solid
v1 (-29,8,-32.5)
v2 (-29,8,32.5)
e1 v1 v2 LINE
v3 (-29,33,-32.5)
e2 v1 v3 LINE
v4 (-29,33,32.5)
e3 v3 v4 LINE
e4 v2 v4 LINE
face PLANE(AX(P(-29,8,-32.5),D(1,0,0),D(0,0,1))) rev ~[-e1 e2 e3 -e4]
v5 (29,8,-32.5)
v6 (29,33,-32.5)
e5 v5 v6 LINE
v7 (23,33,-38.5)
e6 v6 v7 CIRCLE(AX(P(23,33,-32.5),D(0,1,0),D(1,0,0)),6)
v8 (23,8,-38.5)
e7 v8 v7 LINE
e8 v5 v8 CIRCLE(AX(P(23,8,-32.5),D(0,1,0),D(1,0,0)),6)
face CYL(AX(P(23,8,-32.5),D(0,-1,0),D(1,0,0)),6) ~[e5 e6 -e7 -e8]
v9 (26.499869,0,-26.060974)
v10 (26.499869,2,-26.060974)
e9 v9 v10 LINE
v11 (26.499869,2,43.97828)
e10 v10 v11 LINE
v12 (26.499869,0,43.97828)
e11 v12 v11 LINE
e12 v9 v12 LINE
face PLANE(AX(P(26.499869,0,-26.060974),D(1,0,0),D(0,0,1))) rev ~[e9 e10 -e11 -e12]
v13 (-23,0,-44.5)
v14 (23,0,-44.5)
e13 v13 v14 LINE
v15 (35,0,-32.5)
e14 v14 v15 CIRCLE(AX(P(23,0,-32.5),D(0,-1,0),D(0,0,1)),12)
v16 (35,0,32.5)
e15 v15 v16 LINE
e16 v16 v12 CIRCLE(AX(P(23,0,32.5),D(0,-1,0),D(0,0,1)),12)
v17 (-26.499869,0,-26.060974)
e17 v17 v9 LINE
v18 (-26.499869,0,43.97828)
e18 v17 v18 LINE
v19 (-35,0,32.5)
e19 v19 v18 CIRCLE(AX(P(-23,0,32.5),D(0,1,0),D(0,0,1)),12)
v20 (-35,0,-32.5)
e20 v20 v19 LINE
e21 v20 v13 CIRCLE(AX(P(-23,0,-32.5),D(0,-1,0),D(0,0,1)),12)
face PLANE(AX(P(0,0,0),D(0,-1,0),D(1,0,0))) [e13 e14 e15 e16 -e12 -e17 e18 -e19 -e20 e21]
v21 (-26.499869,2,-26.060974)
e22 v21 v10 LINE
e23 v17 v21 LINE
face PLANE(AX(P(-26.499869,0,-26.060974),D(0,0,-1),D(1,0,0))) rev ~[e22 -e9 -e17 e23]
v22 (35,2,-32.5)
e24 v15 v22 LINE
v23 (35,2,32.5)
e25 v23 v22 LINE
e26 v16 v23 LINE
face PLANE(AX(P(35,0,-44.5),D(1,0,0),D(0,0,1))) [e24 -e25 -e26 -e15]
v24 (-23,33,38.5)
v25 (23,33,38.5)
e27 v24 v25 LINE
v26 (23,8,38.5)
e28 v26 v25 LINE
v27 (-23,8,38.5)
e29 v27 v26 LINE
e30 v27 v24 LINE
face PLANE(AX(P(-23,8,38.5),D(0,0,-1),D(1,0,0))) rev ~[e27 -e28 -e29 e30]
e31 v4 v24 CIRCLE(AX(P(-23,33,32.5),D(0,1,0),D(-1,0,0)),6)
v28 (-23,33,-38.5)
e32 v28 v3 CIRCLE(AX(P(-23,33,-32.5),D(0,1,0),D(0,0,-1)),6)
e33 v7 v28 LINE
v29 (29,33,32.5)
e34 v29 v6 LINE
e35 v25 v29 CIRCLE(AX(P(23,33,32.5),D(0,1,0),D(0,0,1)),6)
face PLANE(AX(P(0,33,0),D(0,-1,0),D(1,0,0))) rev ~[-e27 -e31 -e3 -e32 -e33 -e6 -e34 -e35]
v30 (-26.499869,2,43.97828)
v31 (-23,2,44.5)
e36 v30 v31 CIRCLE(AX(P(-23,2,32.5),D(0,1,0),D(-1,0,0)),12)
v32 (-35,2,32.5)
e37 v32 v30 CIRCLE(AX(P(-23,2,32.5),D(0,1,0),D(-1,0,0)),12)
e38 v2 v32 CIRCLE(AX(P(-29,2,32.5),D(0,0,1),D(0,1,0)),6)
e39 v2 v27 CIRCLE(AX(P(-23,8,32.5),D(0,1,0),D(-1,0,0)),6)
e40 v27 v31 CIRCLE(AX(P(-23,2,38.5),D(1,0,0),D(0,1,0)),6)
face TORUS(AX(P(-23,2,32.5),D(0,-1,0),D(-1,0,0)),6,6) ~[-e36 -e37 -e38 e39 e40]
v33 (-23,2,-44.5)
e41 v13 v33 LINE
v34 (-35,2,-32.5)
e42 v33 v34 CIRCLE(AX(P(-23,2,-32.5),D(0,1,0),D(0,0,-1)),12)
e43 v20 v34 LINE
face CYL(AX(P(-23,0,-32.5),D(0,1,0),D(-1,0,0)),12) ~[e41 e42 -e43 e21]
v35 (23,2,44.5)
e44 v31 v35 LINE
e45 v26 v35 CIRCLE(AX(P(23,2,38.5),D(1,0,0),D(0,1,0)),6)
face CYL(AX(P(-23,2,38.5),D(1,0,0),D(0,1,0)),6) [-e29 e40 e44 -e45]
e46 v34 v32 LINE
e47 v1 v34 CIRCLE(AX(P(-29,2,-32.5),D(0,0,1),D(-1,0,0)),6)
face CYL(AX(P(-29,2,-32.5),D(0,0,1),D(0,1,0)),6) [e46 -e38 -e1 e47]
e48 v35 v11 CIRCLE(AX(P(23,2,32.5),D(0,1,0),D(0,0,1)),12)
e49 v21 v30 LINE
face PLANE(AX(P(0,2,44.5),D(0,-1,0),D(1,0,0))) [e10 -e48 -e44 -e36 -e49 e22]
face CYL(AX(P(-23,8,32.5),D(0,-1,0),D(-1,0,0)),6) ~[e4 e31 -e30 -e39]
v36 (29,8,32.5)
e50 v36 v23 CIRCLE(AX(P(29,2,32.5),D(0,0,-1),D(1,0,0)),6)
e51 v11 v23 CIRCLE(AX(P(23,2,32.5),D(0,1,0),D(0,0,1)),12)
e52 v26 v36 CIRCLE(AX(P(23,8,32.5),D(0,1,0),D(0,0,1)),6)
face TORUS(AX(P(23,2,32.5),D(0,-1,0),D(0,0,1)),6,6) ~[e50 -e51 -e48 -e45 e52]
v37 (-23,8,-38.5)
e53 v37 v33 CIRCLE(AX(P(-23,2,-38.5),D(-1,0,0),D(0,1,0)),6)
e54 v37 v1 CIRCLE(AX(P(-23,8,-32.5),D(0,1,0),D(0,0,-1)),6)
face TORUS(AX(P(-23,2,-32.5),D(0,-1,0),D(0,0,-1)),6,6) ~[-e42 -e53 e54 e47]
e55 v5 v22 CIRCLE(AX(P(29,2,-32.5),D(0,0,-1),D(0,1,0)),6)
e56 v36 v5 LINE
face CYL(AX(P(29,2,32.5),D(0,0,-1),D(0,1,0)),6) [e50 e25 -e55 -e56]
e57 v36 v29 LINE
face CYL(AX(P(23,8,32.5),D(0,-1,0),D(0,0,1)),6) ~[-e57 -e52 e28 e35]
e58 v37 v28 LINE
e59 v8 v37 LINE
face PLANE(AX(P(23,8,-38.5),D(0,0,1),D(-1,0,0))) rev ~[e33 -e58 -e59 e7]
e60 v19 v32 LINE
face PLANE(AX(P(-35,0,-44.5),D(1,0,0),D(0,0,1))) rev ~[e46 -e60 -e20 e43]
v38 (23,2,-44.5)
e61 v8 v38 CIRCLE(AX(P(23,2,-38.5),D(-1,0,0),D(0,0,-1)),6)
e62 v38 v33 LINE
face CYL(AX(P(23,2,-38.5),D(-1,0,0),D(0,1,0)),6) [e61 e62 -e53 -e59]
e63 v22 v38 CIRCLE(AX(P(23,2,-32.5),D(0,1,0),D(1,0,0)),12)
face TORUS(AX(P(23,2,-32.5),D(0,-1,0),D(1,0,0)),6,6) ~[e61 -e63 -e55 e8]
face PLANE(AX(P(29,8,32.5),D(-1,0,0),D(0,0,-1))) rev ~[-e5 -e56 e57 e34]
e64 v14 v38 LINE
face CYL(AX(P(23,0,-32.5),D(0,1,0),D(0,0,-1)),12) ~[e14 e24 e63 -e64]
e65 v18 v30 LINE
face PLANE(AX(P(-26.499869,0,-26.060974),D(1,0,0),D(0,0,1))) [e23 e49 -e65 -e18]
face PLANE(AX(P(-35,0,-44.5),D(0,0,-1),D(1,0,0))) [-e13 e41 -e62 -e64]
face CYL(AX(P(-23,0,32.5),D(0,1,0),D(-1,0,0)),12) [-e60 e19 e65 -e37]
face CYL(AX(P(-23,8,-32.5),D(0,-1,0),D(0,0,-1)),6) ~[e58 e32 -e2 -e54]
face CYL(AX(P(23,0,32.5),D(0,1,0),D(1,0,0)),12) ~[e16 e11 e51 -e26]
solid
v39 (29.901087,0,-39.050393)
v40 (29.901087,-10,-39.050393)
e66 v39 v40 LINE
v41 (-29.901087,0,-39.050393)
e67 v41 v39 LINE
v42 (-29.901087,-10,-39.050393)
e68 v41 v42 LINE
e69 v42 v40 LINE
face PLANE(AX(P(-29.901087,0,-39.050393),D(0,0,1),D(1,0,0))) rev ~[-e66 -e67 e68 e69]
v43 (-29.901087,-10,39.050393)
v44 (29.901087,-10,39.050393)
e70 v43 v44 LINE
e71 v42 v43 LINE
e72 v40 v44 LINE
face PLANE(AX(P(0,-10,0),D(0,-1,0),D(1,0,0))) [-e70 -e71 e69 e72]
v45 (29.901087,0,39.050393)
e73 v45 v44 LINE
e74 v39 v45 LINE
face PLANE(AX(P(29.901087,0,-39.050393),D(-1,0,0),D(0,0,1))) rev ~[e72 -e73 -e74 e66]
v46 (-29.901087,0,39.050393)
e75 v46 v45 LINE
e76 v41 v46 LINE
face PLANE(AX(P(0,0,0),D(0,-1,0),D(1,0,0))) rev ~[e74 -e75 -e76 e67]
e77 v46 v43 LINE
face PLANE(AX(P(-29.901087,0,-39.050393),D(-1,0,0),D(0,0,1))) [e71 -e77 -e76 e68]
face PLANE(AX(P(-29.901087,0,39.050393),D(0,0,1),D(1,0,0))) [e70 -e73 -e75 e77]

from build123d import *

# Parameters (mm, degrees)
F0_W     = 70
F0_H     = 89
F1_DEPTH = 8
F2_R     = 12
F3_R     = 6
F4_W     = 52.9997386038
F4_H     = 141.1219484508
F5_DEPTH = 2
F6_W     = 59.8021745682
F6_H     = 78.1007856131
F7_DEPTH = 10
F8_DEPTH = 25


with BuildPart() as f1:
    # F0 (on Front) → F1 (new body)
    with BuildSketch(Plane.XZ):
        Rectangle(F0_W, F0_H)
    extrude(amount=-F1_DEPTH)

    # F2
    f2_edges = [f1.edges().sort_by_distance(p)[0] for p in [
        (-35, 4, 44.5),
        (35, 4, 44.5),
        (-35, 4, -44.5),
        (35, 4, -44.5),
    ]]
    fillet(f2_edges, radius=F2_R)

    # F3
    f3_edges = [f1.edges().sort_by_distance(p)[0] for p in [
        (0, 8, 44.5),
        (31.485281, 8, 40.985281),
        (35, 8, 0),
        (31.485281, 8, -40.985281),
        (0, 8, -44.5),
        (-31.485281, 8, -40.985281),
        (-35, 8, 0),
        (-31.485281, 8, 40.985281),
    ]]
    fillet(f3_edges, radius=F3_R)

    # F4 (on face) → F5 (cut)
    with BuildSketch(Plane.XZ):
        with Locations((0, 44.5)):
            Rectangle(F4_W, F4_H)
    extrude(amount=-F5_DEPTH, mode=Mode.SUBTRACT)

    # F8 (add): a face of the model
    f8_faces = [f1.faces().sort_by_distance(p)[0] for p in [
        (0, 8, 0),
    ]]
    extrude(f8_faces, amount=F8_DEPTH)


with BuildPart() as f7:
    # F6 (on face) → F7 (new body)
    with BuildSketch(Plane.XZ):
        Rectangle(F6_W, F6_H)
    extrude(amount=F7_DEPTH)


solid = Compound([f1.part, f7.part])
